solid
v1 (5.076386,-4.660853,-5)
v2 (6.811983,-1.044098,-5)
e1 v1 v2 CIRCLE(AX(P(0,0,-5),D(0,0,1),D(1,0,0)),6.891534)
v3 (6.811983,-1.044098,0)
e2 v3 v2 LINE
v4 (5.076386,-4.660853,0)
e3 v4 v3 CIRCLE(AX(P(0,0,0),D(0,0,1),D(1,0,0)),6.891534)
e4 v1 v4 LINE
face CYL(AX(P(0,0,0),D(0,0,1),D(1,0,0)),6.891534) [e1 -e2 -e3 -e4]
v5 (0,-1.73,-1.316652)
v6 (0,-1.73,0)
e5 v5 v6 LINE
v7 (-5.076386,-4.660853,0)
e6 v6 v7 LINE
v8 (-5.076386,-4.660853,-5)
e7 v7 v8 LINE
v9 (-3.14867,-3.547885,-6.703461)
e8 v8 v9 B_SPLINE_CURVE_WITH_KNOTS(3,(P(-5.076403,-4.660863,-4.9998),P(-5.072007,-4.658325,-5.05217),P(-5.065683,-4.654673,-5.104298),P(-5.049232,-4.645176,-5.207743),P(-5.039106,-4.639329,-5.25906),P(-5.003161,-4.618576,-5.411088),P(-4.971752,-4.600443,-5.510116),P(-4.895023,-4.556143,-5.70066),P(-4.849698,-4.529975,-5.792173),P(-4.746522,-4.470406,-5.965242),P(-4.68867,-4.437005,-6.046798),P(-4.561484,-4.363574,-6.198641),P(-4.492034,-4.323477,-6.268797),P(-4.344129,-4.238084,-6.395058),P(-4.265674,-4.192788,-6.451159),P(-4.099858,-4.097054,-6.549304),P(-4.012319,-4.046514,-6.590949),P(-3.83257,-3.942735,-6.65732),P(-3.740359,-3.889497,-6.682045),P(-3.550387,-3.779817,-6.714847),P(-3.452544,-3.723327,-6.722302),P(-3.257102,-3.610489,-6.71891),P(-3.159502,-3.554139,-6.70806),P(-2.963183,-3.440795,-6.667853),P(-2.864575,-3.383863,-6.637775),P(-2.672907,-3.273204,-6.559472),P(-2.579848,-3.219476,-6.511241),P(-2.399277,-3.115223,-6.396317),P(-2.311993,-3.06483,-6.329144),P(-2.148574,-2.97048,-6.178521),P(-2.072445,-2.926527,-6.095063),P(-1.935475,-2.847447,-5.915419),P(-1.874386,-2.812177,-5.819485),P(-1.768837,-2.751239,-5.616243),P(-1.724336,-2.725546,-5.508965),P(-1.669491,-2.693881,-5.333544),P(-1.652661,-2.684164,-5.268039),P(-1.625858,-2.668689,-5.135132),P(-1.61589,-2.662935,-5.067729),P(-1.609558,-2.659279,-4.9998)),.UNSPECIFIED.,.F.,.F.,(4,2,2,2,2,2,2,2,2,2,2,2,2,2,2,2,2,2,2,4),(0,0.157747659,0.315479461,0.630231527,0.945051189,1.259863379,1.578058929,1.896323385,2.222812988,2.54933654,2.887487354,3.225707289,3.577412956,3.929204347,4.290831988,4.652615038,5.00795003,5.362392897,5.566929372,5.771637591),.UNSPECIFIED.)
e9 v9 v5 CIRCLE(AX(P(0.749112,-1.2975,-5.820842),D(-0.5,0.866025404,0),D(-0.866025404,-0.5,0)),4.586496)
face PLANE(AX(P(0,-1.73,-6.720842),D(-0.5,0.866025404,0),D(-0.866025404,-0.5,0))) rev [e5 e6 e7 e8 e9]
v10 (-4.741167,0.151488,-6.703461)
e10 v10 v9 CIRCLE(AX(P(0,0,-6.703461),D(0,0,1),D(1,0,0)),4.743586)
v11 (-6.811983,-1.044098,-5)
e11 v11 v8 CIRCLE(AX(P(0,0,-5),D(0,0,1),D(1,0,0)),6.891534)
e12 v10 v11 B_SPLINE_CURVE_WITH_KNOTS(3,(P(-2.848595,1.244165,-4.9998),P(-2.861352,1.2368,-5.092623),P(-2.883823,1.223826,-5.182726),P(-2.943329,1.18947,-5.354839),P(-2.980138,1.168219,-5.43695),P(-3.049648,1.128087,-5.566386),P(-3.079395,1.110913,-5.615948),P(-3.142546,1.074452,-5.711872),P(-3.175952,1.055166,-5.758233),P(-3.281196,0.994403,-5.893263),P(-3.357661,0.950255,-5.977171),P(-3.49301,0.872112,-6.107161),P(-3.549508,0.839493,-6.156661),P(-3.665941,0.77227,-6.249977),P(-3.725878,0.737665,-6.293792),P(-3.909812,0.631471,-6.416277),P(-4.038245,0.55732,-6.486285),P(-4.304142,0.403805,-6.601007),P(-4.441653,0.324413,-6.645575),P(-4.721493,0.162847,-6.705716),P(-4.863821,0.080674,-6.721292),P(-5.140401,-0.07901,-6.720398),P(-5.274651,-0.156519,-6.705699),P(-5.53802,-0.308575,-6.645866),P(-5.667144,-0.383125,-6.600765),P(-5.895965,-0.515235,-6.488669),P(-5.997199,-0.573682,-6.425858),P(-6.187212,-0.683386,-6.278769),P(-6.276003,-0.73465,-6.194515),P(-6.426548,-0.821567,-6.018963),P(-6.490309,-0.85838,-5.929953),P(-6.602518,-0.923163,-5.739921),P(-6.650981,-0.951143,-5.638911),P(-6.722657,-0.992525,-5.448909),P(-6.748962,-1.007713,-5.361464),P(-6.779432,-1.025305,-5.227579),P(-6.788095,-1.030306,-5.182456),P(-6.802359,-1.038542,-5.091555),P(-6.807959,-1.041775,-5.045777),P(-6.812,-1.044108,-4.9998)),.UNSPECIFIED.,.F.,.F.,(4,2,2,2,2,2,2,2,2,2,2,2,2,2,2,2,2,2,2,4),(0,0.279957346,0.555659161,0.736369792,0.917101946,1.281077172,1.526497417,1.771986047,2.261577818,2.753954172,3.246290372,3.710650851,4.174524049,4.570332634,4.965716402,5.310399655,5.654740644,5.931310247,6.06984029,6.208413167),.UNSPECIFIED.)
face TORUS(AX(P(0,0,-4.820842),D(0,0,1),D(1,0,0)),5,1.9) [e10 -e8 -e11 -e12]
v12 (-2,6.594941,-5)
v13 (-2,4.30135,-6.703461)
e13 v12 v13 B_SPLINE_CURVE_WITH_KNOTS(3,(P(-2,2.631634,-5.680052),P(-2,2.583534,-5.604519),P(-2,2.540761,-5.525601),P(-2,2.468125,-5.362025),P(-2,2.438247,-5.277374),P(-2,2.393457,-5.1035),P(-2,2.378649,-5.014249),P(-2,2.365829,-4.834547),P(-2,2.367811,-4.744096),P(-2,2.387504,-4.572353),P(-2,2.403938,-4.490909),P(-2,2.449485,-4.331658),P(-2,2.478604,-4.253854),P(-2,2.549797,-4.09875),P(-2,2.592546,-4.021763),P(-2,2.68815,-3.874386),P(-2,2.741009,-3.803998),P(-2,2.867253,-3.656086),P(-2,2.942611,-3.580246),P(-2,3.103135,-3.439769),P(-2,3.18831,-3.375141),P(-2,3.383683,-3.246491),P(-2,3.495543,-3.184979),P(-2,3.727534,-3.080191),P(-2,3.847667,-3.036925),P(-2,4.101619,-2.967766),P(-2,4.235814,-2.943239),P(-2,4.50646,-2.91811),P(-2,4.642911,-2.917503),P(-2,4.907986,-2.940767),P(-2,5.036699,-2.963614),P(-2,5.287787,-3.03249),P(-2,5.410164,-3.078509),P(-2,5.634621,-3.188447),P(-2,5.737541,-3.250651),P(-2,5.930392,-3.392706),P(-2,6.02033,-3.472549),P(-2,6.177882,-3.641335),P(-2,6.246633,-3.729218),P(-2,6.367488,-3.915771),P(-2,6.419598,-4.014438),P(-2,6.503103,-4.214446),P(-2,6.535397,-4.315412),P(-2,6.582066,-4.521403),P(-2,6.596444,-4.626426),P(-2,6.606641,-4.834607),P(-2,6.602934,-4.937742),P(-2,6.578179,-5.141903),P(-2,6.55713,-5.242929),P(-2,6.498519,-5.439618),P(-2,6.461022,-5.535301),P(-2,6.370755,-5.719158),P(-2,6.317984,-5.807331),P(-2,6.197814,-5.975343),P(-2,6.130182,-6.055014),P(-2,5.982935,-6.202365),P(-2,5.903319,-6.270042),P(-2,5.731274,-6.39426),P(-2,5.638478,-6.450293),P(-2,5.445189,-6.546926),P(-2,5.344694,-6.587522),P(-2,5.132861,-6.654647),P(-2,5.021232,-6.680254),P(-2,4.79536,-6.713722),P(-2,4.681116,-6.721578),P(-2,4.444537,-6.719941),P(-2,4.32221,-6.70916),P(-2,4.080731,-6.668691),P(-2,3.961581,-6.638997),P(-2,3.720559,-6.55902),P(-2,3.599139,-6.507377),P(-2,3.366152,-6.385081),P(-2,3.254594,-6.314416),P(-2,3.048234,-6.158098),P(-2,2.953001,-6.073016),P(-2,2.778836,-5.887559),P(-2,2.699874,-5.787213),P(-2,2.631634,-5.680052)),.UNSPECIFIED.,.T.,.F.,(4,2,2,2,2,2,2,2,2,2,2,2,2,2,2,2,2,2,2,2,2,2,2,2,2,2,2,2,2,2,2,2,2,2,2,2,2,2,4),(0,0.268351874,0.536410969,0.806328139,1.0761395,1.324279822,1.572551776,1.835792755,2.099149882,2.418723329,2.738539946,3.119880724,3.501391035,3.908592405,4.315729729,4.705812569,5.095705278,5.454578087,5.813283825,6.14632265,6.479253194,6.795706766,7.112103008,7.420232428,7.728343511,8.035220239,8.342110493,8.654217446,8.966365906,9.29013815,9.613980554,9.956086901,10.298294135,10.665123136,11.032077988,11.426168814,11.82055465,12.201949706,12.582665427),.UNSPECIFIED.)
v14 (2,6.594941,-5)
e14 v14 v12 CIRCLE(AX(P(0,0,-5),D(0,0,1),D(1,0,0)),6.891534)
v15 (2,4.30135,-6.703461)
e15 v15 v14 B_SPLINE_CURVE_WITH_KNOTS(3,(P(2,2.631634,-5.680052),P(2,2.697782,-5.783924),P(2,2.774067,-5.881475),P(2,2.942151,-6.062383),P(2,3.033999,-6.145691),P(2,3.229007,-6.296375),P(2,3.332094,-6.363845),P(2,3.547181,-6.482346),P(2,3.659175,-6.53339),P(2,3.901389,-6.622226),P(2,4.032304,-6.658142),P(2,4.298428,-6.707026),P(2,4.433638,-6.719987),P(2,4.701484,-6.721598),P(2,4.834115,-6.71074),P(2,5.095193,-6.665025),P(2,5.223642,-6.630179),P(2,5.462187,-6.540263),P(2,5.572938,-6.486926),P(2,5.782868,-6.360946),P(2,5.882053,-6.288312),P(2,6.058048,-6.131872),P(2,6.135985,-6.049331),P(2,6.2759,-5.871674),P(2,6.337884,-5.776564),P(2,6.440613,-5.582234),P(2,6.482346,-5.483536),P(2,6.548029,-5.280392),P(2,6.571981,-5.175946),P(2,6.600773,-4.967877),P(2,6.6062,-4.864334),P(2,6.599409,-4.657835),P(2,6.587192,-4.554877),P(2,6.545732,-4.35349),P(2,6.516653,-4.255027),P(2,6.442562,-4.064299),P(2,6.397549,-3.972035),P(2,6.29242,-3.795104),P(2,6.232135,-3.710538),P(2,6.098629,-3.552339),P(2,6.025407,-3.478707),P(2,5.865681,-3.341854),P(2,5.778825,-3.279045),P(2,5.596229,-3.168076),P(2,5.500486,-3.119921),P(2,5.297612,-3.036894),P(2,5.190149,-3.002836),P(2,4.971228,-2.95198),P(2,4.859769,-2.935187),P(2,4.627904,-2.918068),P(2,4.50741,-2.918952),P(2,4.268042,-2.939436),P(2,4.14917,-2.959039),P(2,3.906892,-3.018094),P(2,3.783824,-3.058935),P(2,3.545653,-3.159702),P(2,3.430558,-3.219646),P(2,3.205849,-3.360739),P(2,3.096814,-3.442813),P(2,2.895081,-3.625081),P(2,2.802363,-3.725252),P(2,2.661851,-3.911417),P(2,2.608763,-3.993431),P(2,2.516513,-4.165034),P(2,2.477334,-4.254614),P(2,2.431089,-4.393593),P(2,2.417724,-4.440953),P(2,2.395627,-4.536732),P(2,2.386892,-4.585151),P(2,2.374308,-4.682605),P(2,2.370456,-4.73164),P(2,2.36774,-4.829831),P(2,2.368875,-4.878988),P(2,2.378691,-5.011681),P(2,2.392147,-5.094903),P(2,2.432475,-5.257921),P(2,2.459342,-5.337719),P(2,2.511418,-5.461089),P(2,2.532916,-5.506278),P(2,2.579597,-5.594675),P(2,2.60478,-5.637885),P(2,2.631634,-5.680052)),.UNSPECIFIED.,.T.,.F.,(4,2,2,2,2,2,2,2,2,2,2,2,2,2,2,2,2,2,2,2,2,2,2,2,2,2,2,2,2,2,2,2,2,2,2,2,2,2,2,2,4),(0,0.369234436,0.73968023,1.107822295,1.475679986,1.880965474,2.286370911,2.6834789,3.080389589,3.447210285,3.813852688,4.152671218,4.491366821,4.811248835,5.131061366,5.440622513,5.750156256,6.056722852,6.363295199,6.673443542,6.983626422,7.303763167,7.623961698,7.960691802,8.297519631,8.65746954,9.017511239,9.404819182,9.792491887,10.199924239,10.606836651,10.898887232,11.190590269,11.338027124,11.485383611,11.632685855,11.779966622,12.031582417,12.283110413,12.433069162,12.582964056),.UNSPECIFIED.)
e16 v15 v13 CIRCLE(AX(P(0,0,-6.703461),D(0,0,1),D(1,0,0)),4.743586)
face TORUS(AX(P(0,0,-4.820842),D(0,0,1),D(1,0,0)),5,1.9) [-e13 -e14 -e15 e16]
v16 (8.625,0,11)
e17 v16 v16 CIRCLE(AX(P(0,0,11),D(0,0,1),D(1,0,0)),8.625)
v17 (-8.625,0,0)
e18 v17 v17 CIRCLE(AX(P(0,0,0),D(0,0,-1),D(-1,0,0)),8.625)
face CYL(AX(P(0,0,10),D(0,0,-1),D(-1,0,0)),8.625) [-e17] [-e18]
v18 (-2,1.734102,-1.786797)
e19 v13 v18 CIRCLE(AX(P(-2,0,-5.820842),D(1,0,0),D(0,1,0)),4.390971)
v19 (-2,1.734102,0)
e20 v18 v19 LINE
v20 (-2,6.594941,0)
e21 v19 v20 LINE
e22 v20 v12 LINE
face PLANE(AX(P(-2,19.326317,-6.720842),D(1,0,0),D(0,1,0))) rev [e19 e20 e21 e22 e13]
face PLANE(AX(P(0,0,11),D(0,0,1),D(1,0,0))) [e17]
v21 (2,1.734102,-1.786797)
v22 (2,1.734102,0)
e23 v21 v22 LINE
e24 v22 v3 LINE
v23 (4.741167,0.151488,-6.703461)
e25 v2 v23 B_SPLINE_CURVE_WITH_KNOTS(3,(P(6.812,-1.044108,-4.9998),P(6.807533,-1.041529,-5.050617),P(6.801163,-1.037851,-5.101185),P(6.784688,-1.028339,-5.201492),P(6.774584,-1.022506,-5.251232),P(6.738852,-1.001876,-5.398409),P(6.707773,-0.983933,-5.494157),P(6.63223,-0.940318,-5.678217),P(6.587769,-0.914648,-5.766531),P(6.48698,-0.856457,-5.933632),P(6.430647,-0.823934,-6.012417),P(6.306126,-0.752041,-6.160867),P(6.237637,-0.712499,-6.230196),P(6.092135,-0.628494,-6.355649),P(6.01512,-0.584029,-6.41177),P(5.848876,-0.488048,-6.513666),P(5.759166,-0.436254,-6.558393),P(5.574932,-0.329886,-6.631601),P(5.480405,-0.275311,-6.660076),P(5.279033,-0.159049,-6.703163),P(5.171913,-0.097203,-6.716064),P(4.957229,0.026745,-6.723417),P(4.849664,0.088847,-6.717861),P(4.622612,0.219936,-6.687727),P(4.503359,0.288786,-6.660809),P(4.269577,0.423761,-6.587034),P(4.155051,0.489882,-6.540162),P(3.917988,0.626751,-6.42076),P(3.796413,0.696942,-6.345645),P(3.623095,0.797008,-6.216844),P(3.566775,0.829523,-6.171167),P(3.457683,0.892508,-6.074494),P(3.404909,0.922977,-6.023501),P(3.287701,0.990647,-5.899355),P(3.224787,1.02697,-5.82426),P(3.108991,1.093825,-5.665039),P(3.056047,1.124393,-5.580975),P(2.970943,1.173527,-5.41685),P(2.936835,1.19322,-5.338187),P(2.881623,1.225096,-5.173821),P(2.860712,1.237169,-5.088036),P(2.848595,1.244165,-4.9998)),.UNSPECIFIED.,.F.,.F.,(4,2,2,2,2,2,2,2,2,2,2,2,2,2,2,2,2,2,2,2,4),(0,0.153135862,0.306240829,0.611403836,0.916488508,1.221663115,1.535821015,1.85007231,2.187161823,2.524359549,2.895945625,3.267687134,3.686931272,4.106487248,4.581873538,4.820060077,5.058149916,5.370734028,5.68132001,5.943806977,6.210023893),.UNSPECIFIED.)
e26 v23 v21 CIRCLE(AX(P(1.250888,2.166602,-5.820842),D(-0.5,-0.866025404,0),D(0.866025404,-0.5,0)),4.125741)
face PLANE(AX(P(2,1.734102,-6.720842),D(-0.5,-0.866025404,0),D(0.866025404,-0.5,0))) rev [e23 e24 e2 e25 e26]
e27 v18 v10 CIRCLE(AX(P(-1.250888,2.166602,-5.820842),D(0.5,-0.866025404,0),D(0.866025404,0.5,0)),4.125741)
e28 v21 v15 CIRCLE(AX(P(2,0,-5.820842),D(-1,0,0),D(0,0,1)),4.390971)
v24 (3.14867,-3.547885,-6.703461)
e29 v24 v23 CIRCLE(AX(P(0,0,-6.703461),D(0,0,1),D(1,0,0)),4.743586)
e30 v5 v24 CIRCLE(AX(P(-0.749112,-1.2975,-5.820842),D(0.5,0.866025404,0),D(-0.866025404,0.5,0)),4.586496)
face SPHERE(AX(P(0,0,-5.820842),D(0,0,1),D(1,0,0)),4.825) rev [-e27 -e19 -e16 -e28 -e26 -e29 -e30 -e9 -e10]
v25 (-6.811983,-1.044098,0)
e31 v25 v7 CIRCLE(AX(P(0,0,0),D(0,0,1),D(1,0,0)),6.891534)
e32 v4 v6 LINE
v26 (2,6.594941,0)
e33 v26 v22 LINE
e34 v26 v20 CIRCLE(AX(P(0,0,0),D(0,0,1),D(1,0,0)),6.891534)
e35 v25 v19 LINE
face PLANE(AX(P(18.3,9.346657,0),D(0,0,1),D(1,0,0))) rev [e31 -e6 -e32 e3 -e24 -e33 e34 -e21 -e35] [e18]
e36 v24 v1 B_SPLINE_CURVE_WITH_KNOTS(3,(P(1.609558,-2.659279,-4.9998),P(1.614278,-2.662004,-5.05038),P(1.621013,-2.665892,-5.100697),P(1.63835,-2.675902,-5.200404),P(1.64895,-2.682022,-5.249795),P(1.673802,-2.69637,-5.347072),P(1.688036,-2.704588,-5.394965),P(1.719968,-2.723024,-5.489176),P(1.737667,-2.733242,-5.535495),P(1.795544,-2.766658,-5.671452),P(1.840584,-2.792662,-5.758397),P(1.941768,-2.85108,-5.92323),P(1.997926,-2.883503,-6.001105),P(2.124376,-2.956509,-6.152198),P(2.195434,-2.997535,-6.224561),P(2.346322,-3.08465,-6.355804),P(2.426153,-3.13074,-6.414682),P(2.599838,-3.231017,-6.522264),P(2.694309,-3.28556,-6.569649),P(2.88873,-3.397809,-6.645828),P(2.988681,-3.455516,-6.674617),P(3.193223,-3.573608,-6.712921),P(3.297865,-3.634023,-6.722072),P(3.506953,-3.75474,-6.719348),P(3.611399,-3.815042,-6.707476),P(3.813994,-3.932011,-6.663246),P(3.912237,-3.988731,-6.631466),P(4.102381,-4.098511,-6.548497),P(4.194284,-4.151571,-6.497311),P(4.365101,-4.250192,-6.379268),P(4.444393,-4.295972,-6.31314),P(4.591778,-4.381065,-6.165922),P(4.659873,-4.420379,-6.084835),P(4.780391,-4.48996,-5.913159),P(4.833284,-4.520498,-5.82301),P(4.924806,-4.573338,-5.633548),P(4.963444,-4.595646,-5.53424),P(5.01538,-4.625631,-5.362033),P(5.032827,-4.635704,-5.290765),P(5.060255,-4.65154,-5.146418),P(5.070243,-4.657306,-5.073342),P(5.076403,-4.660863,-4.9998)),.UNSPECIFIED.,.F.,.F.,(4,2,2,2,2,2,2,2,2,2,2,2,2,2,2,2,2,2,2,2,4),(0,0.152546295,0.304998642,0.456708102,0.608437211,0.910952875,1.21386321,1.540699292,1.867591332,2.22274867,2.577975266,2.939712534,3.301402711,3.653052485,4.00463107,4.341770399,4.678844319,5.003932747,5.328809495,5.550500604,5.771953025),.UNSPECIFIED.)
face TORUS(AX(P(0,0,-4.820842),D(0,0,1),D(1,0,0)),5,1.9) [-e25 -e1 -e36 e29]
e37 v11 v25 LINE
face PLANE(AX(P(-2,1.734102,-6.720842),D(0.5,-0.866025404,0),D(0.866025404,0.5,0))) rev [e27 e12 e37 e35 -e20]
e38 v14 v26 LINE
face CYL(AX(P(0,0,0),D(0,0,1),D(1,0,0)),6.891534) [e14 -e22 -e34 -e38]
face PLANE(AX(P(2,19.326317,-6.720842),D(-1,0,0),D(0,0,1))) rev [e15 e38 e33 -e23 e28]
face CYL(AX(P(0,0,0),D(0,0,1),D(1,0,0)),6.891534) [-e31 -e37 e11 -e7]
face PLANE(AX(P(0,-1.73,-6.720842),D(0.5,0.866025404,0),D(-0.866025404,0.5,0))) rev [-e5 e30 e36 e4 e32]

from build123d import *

# Parameters (mm, degrees)
CORTE_EXTRUS_O1_DEPTH    = 12.838758968
ESBO_O4_R                = 1.6
RESSALTO_EXTRUS_O1_DEPTH = 4
ESBO_O5_W                = 57.361933027
ESBO_O5_H                = 29.217059345
ESBO_O5_R                = 10
CORTE_EXTRUS_O2_DEPTH    = 10
ESBO_O6_R                = 10
ESBO_O6_R_2              = 8.625
CORTE_EXTRUS_O3_DEPTH    = 10
ESBO_O8_R                = 8.625
RESSALTO_EXTRUS_O2_DEPTH = 7


with BuildPart() as part:
    # Esboço1 → Revolução1 (revolve)
    with BuildSketch(Plane(origin=(0, 0, 0), x_dir=(1, 0, 0), z_dir=(0, 1, 0))):
        with BuildLine():
            Line((0, 0), (6.891534421, 0))
            Line((6.891534421, 0), (6.891534421, 5))
            ThreePointArc((6.891534421, 5), (6.180613943, 6.309516298), (4.743586175, 6.703460527))
            ThreePointArc((4.743586175, 6.703460527), (3.710745118, 2.736851933), (0, 0.995842151))
            Line((0, 0.995842151), (0, 0))
        make_face()
    revolve(axis=Axis((0, 0, 0), (0, 0, -1)))

    # Esboço3 → Corte-extrusão1 (cut, through all)
    with BuildSketch(Plane.XY):
        with BuildLine():
            Line((-2, 19.326317369), (-2, 1.734101615))
            Line((-2, 1.734101615), (-17.937282026, -7.467292453))
            ThreePointArc((-17.937282026, -7.467292453), (-16.698748021, 9.932691356), (-2, 19.326317369))
        make_face()
        with BuildLine():
            Line((2, 19.326317369), (2, 1.734101615))
            Line((2, 1.734101615), (17.937282026, -7.467292453))
            ThreePointArc((17.937282026, -7.467292453), (16.698748021, 9.932691356), (2, 19.326317369))
        make_face()
        with BuildLine():
            Line((0, -1.73), (-16.027252382, -10.983338477))
            ThreePointArc((-16.027252382, -10.983338477), (0, -19.429527607), (16.027252382, -10.983338477))
            Line((16.027252382, -10.983338477), (0, -1.73))
        make_face()
    extrude(amount=-CORTE_EXTRUS_O1_DEPTH, mode=Mode.SUBTRACT)

    # Esboço4 → Ressalto-extrusão1 (add)
    with BuildSketch(Plane.XY):
        with BuildLine():
            ThreePointArc((-6.64, -7.477325725), (0, -10), (6.64, -7.477325725))
            ThreePointArc((6.64, -7.477325725), (12.553949294, -4.249302623), (19.284210526, -3.935434592))
            ThreePointArc((19.284210526, -3.935434592), (24, 0), (19.284210526, 3.935434592))
            ThreePointArc((19.284210526, 3.935434592), (12.553949294, 4.249302623), (6.64, 7.477325725))
            ThreePointArc((6.64, 7.477325725), (0, 10), (-6.64, 7.477325725))
            ThreePointArc((-6.64, 7.477325725), (-12.553949294, 4.249302623), (-19.284210526, 3.935434592))
            ThreePointArc((-19.284210526, 3.935434592), (-24, 0), (-19.284210526, -3.935434592))
            ThreePointArc((-19.284210526, -3.935434592), (-12.553949294, -4.249302623), (-6.64, -7.477325725))
        make_face()
        with Locations((20, 0)):
            Circle(ESBO_O4_R, mode=Mode.SUBTRACT)
        with Locations((-20, 0)):
            Circle(ESBO_O4_R, mode=Mode.SUBTRACT)
    extrude(amount=RESSALTO_EXTRUS_O1_DEPTH)

    # Esboço5 → Corte-extrusão2 (cut)
    with BuildSketch(Plane(origin=(0, 0, 0), x_dir=(-1, 0, 0), z_dir=(0, 0, -1))):
        with Locations((1.250708993, 0.03640394)):
            Rectangle(ESBO_O5_W, ESBO_O5_H)
        with Locations(Location((0, 0, 0), (0, 0, 180))):
            Circle(ESBO_O5_R, mode=Mode.SUBTRACT)
    extrude(amount=-CORTE_EXTRUS_O2_DEPTH, mode=Mode.SUBTRACT)

    # Esboço6 → Corte-extrusão3 (cut)
    with BuildSketch(Plane(origin=(0, 0, 0), x_dir=(-1, 0, 0), z_dir=(0, 0, -1))):
        Circle(ESBO_O6_R)
        Circle(ESBO_O6_R_2, mode=Mode.SUBTRACT)
    extrude(amount=-CORTE_EXTRUS_O3_DEPTH, mode=Mode.SUBTRACT)

    # Esboço8 → Ressalto-extrusão2 (add)
    with BuildSketch(Plane.XY.offset(4)):
        with Locations(Location((0, 0, 0), (0, 0, 180))):
            Circle(ESBO_O8_R)
    extrude(amount=RESSALTO_EXTRUS_O2_DEPTH)


solid = part.part
